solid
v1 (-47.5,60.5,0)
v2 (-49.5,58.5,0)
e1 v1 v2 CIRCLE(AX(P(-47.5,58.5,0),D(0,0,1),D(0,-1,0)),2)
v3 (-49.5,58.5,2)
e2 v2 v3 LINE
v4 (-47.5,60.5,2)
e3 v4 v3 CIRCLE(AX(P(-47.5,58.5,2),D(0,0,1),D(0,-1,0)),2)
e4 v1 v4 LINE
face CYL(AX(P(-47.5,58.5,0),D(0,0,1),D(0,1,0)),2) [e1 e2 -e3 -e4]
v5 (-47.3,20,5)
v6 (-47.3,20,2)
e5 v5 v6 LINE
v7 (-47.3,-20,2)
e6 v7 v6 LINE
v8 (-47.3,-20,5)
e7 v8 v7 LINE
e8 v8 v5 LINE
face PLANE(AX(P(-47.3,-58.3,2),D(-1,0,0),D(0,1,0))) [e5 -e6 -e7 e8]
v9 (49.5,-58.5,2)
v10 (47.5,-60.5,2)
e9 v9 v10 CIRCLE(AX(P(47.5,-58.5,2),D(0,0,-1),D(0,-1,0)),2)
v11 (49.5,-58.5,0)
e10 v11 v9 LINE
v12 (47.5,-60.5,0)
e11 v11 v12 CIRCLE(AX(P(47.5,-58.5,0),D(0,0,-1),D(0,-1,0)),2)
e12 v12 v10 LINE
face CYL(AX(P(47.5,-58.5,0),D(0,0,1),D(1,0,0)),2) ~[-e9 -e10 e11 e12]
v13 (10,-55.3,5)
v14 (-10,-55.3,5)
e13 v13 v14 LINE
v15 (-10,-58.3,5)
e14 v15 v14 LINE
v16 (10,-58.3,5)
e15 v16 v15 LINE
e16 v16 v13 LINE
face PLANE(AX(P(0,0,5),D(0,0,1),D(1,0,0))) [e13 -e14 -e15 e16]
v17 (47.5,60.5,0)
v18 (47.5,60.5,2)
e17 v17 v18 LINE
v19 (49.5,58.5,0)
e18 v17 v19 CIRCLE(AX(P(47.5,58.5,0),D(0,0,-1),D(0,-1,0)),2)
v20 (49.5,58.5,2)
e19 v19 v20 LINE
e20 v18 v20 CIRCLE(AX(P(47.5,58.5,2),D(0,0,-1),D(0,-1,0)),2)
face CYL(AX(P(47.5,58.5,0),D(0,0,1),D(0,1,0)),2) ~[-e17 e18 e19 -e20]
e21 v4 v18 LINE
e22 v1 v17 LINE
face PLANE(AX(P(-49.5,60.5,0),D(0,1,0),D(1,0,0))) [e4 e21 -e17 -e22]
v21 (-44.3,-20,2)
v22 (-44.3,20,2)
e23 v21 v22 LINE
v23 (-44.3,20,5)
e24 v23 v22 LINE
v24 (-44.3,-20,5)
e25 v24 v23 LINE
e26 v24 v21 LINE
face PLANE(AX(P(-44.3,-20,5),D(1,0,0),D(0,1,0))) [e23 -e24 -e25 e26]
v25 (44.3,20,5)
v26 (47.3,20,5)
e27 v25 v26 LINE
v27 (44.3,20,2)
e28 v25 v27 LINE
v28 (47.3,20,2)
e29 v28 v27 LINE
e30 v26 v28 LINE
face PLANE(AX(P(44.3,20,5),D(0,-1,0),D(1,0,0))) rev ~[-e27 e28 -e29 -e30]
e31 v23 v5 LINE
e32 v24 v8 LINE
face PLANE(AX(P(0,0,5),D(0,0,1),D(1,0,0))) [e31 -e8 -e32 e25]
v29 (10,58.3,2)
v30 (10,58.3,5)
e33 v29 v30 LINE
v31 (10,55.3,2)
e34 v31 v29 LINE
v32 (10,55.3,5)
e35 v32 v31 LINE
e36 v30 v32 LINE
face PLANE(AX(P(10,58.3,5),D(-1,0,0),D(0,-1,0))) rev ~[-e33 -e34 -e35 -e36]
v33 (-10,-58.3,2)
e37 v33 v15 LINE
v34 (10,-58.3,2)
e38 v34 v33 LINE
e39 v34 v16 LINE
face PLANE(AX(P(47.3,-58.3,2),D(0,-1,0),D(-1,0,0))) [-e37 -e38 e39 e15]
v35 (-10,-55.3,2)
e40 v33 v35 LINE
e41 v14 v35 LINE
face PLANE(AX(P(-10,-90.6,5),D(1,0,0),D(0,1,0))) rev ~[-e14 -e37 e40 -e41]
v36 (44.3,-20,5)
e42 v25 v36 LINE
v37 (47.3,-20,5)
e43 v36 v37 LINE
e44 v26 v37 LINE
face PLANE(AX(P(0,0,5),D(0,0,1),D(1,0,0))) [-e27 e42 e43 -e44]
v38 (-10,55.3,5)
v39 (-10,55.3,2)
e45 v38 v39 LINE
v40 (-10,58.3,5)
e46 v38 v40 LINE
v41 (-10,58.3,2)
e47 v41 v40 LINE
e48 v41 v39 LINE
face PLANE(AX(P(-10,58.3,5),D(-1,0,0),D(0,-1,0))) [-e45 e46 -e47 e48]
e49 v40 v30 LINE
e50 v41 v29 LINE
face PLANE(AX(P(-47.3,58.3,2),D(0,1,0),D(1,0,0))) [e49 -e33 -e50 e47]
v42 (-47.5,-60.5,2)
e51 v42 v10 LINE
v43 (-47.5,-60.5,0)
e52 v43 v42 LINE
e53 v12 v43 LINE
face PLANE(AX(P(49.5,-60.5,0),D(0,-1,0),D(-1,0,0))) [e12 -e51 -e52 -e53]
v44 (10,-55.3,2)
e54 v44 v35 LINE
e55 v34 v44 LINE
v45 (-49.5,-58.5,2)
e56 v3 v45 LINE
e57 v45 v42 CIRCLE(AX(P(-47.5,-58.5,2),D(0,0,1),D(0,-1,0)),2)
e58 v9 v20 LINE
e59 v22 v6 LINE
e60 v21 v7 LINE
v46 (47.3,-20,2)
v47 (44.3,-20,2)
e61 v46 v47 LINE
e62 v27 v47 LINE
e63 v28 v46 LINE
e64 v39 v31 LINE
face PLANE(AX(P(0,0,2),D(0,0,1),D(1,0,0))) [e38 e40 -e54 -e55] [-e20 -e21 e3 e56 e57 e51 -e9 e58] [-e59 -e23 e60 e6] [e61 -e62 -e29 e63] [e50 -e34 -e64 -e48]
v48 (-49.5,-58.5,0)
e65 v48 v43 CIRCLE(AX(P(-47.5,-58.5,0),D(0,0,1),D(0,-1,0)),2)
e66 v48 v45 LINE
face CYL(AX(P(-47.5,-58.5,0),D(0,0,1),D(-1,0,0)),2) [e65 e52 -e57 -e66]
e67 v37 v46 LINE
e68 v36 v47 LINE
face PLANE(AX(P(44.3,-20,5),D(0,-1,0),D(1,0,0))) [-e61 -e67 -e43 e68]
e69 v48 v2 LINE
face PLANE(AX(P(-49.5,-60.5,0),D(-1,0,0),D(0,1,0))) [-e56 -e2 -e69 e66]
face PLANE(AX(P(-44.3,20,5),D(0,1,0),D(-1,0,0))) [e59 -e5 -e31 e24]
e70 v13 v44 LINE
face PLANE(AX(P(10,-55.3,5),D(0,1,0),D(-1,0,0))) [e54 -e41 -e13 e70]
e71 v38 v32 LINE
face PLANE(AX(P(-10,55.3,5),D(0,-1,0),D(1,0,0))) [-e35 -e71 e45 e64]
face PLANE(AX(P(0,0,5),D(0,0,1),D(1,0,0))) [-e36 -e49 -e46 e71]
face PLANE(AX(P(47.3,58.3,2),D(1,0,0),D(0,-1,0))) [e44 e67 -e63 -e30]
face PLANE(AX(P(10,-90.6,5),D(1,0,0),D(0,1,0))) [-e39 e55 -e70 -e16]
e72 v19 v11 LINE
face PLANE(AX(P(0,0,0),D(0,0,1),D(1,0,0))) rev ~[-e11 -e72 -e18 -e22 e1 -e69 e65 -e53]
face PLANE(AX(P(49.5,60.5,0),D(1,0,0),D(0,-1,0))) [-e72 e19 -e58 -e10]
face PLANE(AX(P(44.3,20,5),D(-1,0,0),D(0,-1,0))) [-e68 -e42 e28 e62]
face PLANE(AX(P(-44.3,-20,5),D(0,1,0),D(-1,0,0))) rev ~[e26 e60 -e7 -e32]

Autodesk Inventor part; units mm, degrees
ref_plane "YZ Plane" through (0, 0, 0) normal (1, 0, 0) x (0, 1, 0)
ref_plane "XZ Plane" through (0, 0, 0) normal (0, 1, 0) x (-1, 0, 0)
ref_plane "XY Plane" through (0, 0, 0) normal (0, 0, 1) x (1, 0, 0)
sketch "Sketch1" plane through (0, 0, 0) normal (0, 0, 1) x (1, 0, 0)
  line L0 (-49.5, 60.5) -> (49.5, 60.5)
  line L1 (49.5, 60.5) -> (49.5, -60.5)
  line L2 (49.5, -60.5) -> (-49.5, -60.5)
  line L3 (-49.5, -60.5) -> (-49.5, 60.5)
  line L4 (-49.5, 60.5) -> (49.5, -60.5) construction
  line L5 (49.5, 60.5) -> (-49.5, -60.5) construction
  point P0 (0, 0)
  dimension "d0" = 99
  dimension "d1" = 121
extrude "Extrusion1" add sketch "Sketch1" along normal blind 2
sketch "Sketch2" plane through (0, 0, 2) normal (0, 0, 1) x (1, 0, 0)
  line L0 (-47.3, 58.3) -> (47.3, 58.3)
  line L1 (47.3, 58.3) -> (47.3, -58.3)
  line L2 (47.3, -58.3) -> (-47.3, -58.3)
  line L3 (-47.3, -58.3) -> (-47.3, 58.3)
  line L4 (-47.3, 58.3) -> (47.3, -58.3) construction
  line L5 (47.3, 58.3) -> (-47.3, -58.3) construction
  point P0 (0, 0)
  dimension "d4" = 116.6
  dimension "d5" = 94.6
extrude "Extrusion2" add sketch "Sketch2" along normal blind 3
fillet "Fillet1" radius 2 4 edges at (49.5, 60.5, 1) (-49.5, 60.5, 1) (49.5, -60.5, 1) (-49.5, -60.5, 1)
sketch "Sketch5" plane through (0, 0, 5) normal (0, 0, 1) x (1, 0, 0)
  line L0 (44.3, -55.3) -> (-44.3, -55.3)
  line L1 (-44.3, -55.3) -> (-44.3, 55.3)
  line L2 (-44.3, 55.3) -> (44.3, 55.3)
  line L3 (44.3, 55.3) -> (44.3, -55.3)
  line L4 (44.3, -55.3) -> (-44.3, 55.3) construction
  line L5 (-44.3, -55.3) -> (44.3, 55.3) construction
  line L6 (47.3, 58.3) -> (-47.3, 58.3) projected
  line L7 (47.3, -58.3) -> (47.3, 58.3) projected
  line L8 (-78.6, 90.6) -> (-10, 90.6)
  line L9 (-10, 90.6) -> (-10, 20)
  line L10 (-10, 20) -> (-78.6, 20)
  line L11 (-78.6, 20) -> (-78.6, 90.6)
  line L12 (-78.6, 90.6) -> (-10, 20) construction
  line L13 (-10, 90.6) -> (-78.6, 20) construction
  line L14 (78.6, 90.6) -> (10, 90.6)
  line L15 (10, 90.6) -> (10, 20)
  line L16 (10, 20) -> (78.6, 20)
  line L17 (78.6, 20) -> (78.6, 90.6)
  line L18 (78.6, 90.6) -> (10, 20) construction
  line L19 (10, 90.6) -> (78.6, 20) construction
  line L20 (10, -20) -> (78.6, -20)
  line L21 (78.6, -20) -> (78.6, -90.6)
  line L22 (78.6, -90.6) -> (10, -90.6)
  line L23 (10, -90.6) -> (10, -20)
  line L24 (10, -20) -> (78.6, -90.6) construction
  line L25 (78.6, -20) -> (10, -90.6) construction
  line L26 (-78.6, -90.6) -> (-10, -90.6)
  line L27 (-10, -90.6) -> (-10, -20)
  line L28 (-10, -20) -> (-78.6, -20)
  line L29 (-78.6, -20) -> (-78.6, -90.6)
  line L30 (-78.6, -90.6) -> (-10, -20) construction
  line L31 (-10, -90.6) -> (-78.6, -20) construction
  point P0 (0, 0)
  point P1 (-10, -55.3)
  point P2 (-44.3, -20)
  point P3 (44.3, -20)
  point P4 (10, -55.3)
  point P5 (-44.3, 20)
  point P6 (-10, 55.3)
  point P7 (10, 55.3)
  point P8 (44.3, 20)
  dimension "d23" = 3
  dimension "d24" = 3
  dimension "d27" = 20
  dimension "d28" = 40
extrude "Extrusion5" cut sketch "Sketch5" against normal up to surface (3 mm away) contours L3 L20 L21 L22 L23 L0 | L0 L23 L20 L3 | L0 L27 L28 L1 L10 L9 L2 L15 L16 L3 L20 L23 | L27 L26 L29 L28 L1 L0 | L0 L1 L28 L27 | L16 L15 L2 L3 | L3 L2 L15 L6 L7 L16 | L7 L6 L15 L14 L17 L16 | L10 L11 L8 L9 L2 L1 | L1 L2 L9 L10
equation "\"BendRadius\" = Thickness"
equation "\"BendReliefWidth\" = Thickness"
equation "\"BendReliefDepth\" = 0.5 * Thickness"
equation "\"CornerReliefSize\" = 4 * Thickness"
equation "\"MinimumRemnant\" = 2 * Thickness"
equation "\"TransitionRadius\" = BendRadius"
equation "\"JacobiRadiusSize\" = BendRadius"
equation "\"GapSize\" = Thickness"
equation "\"Thickness\" = 3.048"
properties part number "_3DPrint"
